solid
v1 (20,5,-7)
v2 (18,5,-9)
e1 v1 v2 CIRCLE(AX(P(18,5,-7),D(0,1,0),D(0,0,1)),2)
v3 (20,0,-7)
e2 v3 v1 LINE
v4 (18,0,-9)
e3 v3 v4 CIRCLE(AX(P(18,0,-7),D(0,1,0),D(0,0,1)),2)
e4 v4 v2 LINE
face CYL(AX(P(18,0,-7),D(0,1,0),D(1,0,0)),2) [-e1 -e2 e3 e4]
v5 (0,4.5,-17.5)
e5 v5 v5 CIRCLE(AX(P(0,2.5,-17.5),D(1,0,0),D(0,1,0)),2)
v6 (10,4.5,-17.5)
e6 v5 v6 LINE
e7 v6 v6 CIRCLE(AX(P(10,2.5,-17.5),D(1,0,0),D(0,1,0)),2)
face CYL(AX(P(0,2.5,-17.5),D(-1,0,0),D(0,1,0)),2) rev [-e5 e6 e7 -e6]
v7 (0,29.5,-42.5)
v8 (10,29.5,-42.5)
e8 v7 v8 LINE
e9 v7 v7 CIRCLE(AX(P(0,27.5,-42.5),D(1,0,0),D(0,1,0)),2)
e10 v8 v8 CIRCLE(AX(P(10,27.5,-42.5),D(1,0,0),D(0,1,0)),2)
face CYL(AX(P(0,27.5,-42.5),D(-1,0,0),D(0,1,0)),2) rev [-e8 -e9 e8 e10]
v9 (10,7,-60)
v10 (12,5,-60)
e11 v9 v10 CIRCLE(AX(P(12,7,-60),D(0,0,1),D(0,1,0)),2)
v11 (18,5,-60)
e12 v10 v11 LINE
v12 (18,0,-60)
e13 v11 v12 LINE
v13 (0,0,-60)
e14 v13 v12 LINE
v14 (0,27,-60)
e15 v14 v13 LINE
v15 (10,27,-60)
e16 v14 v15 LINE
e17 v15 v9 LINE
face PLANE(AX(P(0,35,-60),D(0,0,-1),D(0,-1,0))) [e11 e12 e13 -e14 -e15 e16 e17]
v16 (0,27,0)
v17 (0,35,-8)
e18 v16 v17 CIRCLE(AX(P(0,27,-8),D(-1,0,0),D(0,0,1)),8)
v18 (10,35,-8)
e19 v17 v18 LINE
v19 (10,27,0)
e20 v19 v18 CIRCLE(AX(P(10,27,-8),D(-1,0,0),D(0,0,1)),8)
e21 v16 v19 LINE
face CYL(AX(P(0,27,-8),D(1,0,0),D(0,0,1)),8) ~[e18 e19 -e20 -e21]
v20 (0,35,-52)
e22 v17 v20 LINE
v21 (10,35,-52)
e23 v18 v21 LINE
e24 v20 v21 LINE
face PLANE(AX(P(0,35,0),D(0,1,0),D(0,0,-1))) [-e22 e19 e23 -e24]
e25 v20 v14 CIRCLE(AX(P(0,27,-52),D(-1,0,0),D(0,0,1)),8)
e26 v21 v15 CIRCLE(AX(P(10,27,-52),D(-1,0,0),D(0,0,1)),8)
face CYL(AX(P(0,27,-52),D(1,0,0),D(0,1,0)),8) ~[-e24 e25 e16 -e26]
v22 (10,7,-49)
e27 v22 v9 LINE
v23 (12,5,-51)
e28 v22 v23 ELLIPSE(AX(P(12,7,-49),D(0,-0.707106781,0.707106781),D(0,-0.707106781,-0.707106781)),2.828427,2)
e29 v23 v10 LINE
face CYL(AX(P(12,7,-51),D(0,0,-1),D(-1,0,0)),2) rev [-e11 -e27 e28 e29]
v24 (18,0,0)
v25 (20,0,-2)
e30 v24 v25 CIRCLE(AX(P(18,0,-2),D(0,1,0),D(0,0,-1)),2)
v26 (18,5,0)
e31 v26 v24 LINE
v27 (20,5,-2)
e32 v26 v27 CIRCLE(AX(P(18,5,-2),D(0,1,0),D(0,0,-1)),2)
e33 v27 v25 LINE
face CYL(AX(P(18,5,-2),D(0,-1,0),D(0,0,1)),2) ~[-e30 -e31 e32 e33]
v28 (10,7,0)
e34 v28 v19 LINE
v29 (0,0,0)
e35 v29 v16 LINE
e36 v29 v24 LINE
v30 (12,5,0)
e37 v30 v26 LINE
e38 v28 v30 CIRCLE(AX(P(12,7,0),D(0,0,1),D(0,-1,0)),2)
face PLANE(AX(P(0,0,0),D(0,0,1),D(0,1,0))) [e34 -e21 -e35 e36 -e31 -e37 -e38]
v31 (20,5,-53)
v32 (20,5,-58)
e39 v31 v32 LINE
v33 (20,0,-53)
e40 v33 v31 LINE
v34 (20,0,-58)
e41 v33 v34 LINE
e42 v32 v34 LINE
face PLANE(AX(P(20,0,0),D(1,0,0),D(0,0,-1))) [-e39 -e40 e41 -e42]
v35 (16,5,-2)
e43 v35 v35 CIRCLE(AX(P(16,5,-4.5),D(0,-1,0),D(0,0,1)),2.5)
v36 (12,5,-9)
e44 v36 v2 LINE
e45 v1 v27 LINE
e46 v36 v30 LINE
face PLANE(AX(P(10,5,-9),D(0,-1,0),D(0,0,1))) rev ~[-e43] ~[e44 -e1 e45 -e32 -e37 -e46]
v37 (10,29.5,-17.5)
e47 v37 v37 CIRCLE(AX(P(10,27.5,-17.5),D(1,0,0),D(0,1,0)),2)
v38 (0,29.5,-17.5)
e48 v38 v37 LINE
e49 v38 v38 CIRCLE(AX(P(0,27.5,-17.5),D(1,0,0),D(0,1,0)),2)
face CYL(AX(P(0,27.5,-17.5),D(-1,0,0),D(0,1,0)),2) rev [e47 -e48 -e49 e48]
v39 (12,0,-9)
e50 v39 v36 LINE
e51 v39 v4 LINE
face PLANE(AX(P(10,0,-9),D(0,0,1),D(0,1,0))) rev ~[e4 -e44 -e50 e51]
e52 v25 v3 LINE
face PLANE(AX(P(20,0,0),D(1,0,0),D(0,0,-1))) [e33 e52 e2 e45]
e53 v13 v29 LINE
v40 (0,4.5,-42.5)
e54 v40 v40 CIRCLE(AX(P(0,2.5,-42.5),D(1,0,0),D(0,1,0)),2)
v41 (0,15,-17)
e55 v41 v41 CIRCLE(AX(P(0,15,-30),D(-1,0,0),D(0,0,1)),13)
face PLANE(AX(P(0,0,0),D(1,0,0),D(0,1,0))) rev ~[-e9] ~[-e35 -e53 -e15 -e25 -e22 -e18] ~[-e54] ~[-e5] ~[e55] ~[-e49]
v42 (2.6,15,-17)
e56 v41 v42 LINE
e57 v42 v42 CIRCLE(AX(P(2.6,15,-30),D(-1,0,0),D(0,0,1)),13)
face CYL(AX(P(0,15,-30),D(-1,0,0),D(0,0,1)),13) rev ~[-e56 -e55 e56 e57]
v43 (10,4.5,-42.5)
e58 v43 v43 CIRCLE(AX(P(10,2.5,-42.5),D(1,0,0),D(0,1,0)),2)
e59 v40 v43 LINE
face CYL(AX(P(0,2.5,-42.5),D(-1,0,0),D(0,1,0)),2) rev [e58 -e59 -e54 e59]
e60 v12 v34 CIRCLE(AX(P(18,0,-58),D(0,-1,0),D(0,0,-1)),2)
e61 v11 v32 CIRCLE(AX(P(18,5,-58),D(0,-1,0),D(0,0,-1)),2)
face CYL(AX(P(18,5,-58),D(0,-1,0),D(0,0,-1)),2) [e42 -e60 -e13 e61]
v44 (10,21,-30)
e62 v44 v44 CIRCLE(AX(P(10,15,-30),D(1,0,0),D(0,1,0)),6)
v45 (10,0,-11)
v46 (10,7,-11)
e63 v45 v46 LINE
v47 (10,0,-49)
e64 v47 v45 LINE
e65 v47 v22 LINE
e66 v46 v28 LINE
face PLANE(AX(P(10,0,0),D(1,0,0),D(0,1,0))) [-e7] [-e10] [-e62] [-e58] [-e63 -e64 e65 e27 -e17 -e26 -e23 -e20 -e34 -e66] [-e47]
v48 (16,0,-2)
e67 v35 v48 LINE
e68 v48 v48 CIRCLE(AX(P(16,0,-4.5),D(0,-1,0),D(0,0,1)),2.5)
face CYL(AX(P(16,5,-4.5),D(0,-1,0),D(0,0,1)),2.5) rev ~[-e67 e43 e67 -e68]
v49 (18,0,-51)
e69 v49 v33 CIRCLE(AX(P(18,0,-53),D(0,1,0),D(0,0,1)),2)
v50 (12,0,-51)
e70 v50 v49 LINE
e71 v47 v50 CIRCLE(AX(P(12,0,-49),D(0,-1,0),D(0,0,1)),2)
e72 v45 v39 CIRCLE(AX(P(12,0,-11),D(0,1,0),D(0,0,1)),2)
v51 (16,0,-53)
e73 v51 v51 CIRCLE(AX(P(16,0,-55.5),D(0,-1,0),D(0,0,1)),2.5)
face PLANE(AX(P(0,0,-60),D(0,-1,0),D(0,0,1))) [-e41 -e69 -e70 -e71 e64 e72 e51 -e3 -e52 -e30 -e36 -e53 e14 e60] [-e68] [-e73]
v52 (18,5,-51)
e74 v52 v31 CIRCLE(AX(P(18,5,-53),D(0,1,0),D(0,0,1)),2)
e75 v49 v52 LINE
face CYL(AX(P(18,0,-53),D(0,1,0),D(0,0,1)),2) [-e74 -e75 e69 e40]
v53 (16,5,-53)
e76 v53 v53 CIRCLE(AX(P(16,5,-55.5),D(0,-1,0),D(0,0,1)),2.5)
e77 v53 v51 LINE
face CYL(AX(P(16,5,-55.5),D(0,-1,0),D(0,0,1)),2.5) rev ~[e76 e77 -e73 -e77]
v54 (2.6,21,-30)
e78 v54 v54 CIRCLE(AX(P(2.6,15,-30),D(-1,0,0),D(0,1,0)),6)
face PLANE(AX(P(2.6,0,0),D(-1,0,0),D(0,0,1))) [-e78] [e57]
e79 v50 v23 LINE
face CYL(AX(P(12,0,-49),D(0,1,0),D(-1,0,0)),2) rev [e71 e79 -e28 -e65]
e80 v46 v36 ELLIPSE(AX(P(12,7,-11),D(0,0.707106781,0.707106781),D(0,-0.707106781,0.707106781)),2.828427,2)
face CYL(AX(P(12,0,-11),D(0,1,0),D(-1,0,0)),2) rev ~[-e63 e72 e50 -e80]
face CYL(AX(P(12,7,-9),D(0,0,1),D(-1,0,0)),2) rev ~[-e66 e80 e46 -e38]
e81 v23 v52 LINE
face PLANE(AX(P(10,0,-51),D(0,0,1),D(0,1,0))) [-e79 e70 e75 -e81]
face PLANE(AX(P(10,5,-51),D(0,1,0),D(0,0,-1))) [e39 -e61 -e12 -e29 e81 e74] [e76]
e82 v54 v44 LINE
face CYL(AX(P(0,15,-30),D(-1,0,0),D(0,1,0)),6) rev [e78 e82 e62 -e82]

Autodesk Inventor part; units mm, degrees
ref_plane "YZ Plane" through (0, 0, 0) normal (1, 0, 0) x (0, 1, 0)
ref_plane "XZ Plane" through (0, 0, 0) normal (0, 1, 0) x (-1, 0, 0)
ref_plane "XY Plane" through (0, 0, 0) normal (0, 0, 1) x (1, 0, 0)
sketch "Boceto1" plane through (0, 0, 0) normal (1, 0, 0) x (0, 1, 0)
  line L0 (0, 0) -> (35, 0)
  line L1 (35, 0) -> (35, -60)
  line L2 (35, -60) -> (0, -60)
  line L3 (0, -60) -> (0, 0)
  circle A0 centre (15, -30) radius 6
  circle A1 centre (27.5, -17.5) radius 2
  circle A2 centre (27.5, -42.5) radius 2
  circle A3 centre (2.5, -42.5) radius 2
  circle A4 centre (2.5, -17.5) radius 2
  dimension "d0" = 60
  dimension "d1" = 35
  dimension "d2" = 20
  dimension "d3" = 30
  dimension "d4" = 12
  dimension "d5" = 12.5
  dimension "d6" = 12.5
  dimension "d7" = 12.5
  dimension "d8" = 12.5
  dimension "d9" = 12.5
  dimension "d10" = 12.5
  dimension "d11" = 12.5
  dimension "d12" = 12.5
  dimension "d13" = 4
  dimension "d14" = 4
  dimension "d15" = 4
  dimension "d16" = 4
extrude "Extrusión1" add sketch "Boceto1" along normal blind 10
sketch "Boceto3" plane through (10, 0, 0) normal (1, 0, 0) x (0, 0, -1)
  circle A0 centre (30, 15) radius 6 projected
  circle A1 centre (30, 15) radius 22
  line L0 (0, 35) -> (0, 0) projected
  line L1 (0, 0) -> (9, 0)
  line L2 (9, 0) -> (9, 5)
  line L3 (9, 5) -> (0, 5)
  line L4 (0, 5) -> (0, 0)
  line L5 (0, 0) -> (60, 0) projected
  line L6 (60, 0) -> (51, 0)
  line L7 (51, 0) -> (51, 5)
  line L8 (51, 5) -> (60, 5)
  line L9 (60, 5) -> (60, 0)
  point P0 (0, 5)
  dimension "d19" = 44
  dimension "d20" = 9
  dimension "d21" = 5
  dimension "d22" = 9
  dimension "d23" = 5
extrude "Extrusión2" add sketch "Boceto3" along normal blind 10 contours L7 L8 L9 L5 | L1 L0 L3 L2
fillet "Empalme1" radius 2 4 edges at (10, 5, -4.5) (10, 5, -55.5) (10, 2.5, -9) (10, 2.5, -51)
sketch "Boceto4" plane through (20, 5, 0) normal (0, 1, 0) x (1, 0, 0)
  line L0 (-8, 9) -> (0, 9) projected
  line L1 (-8, 0) -> (0, 0) projected
  line L2 (-8, 60) -> (0, 60) projected
  line L3 (0, 9) -> (0, 0) projected
  line L4 (0, 60) -> (0, 51) projected
  point P0 (-20, 0)
  point P1 (-4, 4.5)
  point P2 (-4, 55.5)
  dimension "d27" = 4.5
  dimension "d28" = 9
  dimension "d29" = 4.5
  dimension "d30" = 4
  dimension "d31" = 4
hole "Agujero1" at (16, 5, -4.5) at (16, 5, -55.5) direction (0, -1, 0) diameter 5 end through all
fillet "Empalme2" radius 8 2 edges at (5, 35, 0) (5, 35, -60)
sketch "Boceto5" plane through (0, 0, 0) normal (-1, 0, 0) x (0, 0, 1)
  circle A0 centre (-30, 15) radius 6 projected
  circle A1 centre (-30, 15) radius 13
  point P0 (0, 0)
  dimension "d40" = 26
extrude "Extrusión3" cut sketch "Boceto5" against normal blind 2.6
fillet "Empalme3" radius 2 4 edges at (20, 2.5, 0) (20, 2.5, -9) (20, 2.5, -51) (20, 2.5, -60)
equation "\"d3\" = 0.5 * d0"
equation "\"d6\" = d5"
equation "\"d7\" = d5"
equation "\"d8\" = d5"
equation "\"d9\" = d5"
equation "\"d10\" = d5"
equation "\"d11\" = d5"
equation "\"d12\" = d5"
equation "\"d14\" = d13"
equation "\"d15\" = d13"
equation "\"d16\" = d13"
equation "\"d22\" = d20"
equation "\"d27\" = 0.5 * d28"
equation "\"d29\" = d27"
equation "\"d31\" = d30"
properties part number "Soporte_motor_aluminio"
